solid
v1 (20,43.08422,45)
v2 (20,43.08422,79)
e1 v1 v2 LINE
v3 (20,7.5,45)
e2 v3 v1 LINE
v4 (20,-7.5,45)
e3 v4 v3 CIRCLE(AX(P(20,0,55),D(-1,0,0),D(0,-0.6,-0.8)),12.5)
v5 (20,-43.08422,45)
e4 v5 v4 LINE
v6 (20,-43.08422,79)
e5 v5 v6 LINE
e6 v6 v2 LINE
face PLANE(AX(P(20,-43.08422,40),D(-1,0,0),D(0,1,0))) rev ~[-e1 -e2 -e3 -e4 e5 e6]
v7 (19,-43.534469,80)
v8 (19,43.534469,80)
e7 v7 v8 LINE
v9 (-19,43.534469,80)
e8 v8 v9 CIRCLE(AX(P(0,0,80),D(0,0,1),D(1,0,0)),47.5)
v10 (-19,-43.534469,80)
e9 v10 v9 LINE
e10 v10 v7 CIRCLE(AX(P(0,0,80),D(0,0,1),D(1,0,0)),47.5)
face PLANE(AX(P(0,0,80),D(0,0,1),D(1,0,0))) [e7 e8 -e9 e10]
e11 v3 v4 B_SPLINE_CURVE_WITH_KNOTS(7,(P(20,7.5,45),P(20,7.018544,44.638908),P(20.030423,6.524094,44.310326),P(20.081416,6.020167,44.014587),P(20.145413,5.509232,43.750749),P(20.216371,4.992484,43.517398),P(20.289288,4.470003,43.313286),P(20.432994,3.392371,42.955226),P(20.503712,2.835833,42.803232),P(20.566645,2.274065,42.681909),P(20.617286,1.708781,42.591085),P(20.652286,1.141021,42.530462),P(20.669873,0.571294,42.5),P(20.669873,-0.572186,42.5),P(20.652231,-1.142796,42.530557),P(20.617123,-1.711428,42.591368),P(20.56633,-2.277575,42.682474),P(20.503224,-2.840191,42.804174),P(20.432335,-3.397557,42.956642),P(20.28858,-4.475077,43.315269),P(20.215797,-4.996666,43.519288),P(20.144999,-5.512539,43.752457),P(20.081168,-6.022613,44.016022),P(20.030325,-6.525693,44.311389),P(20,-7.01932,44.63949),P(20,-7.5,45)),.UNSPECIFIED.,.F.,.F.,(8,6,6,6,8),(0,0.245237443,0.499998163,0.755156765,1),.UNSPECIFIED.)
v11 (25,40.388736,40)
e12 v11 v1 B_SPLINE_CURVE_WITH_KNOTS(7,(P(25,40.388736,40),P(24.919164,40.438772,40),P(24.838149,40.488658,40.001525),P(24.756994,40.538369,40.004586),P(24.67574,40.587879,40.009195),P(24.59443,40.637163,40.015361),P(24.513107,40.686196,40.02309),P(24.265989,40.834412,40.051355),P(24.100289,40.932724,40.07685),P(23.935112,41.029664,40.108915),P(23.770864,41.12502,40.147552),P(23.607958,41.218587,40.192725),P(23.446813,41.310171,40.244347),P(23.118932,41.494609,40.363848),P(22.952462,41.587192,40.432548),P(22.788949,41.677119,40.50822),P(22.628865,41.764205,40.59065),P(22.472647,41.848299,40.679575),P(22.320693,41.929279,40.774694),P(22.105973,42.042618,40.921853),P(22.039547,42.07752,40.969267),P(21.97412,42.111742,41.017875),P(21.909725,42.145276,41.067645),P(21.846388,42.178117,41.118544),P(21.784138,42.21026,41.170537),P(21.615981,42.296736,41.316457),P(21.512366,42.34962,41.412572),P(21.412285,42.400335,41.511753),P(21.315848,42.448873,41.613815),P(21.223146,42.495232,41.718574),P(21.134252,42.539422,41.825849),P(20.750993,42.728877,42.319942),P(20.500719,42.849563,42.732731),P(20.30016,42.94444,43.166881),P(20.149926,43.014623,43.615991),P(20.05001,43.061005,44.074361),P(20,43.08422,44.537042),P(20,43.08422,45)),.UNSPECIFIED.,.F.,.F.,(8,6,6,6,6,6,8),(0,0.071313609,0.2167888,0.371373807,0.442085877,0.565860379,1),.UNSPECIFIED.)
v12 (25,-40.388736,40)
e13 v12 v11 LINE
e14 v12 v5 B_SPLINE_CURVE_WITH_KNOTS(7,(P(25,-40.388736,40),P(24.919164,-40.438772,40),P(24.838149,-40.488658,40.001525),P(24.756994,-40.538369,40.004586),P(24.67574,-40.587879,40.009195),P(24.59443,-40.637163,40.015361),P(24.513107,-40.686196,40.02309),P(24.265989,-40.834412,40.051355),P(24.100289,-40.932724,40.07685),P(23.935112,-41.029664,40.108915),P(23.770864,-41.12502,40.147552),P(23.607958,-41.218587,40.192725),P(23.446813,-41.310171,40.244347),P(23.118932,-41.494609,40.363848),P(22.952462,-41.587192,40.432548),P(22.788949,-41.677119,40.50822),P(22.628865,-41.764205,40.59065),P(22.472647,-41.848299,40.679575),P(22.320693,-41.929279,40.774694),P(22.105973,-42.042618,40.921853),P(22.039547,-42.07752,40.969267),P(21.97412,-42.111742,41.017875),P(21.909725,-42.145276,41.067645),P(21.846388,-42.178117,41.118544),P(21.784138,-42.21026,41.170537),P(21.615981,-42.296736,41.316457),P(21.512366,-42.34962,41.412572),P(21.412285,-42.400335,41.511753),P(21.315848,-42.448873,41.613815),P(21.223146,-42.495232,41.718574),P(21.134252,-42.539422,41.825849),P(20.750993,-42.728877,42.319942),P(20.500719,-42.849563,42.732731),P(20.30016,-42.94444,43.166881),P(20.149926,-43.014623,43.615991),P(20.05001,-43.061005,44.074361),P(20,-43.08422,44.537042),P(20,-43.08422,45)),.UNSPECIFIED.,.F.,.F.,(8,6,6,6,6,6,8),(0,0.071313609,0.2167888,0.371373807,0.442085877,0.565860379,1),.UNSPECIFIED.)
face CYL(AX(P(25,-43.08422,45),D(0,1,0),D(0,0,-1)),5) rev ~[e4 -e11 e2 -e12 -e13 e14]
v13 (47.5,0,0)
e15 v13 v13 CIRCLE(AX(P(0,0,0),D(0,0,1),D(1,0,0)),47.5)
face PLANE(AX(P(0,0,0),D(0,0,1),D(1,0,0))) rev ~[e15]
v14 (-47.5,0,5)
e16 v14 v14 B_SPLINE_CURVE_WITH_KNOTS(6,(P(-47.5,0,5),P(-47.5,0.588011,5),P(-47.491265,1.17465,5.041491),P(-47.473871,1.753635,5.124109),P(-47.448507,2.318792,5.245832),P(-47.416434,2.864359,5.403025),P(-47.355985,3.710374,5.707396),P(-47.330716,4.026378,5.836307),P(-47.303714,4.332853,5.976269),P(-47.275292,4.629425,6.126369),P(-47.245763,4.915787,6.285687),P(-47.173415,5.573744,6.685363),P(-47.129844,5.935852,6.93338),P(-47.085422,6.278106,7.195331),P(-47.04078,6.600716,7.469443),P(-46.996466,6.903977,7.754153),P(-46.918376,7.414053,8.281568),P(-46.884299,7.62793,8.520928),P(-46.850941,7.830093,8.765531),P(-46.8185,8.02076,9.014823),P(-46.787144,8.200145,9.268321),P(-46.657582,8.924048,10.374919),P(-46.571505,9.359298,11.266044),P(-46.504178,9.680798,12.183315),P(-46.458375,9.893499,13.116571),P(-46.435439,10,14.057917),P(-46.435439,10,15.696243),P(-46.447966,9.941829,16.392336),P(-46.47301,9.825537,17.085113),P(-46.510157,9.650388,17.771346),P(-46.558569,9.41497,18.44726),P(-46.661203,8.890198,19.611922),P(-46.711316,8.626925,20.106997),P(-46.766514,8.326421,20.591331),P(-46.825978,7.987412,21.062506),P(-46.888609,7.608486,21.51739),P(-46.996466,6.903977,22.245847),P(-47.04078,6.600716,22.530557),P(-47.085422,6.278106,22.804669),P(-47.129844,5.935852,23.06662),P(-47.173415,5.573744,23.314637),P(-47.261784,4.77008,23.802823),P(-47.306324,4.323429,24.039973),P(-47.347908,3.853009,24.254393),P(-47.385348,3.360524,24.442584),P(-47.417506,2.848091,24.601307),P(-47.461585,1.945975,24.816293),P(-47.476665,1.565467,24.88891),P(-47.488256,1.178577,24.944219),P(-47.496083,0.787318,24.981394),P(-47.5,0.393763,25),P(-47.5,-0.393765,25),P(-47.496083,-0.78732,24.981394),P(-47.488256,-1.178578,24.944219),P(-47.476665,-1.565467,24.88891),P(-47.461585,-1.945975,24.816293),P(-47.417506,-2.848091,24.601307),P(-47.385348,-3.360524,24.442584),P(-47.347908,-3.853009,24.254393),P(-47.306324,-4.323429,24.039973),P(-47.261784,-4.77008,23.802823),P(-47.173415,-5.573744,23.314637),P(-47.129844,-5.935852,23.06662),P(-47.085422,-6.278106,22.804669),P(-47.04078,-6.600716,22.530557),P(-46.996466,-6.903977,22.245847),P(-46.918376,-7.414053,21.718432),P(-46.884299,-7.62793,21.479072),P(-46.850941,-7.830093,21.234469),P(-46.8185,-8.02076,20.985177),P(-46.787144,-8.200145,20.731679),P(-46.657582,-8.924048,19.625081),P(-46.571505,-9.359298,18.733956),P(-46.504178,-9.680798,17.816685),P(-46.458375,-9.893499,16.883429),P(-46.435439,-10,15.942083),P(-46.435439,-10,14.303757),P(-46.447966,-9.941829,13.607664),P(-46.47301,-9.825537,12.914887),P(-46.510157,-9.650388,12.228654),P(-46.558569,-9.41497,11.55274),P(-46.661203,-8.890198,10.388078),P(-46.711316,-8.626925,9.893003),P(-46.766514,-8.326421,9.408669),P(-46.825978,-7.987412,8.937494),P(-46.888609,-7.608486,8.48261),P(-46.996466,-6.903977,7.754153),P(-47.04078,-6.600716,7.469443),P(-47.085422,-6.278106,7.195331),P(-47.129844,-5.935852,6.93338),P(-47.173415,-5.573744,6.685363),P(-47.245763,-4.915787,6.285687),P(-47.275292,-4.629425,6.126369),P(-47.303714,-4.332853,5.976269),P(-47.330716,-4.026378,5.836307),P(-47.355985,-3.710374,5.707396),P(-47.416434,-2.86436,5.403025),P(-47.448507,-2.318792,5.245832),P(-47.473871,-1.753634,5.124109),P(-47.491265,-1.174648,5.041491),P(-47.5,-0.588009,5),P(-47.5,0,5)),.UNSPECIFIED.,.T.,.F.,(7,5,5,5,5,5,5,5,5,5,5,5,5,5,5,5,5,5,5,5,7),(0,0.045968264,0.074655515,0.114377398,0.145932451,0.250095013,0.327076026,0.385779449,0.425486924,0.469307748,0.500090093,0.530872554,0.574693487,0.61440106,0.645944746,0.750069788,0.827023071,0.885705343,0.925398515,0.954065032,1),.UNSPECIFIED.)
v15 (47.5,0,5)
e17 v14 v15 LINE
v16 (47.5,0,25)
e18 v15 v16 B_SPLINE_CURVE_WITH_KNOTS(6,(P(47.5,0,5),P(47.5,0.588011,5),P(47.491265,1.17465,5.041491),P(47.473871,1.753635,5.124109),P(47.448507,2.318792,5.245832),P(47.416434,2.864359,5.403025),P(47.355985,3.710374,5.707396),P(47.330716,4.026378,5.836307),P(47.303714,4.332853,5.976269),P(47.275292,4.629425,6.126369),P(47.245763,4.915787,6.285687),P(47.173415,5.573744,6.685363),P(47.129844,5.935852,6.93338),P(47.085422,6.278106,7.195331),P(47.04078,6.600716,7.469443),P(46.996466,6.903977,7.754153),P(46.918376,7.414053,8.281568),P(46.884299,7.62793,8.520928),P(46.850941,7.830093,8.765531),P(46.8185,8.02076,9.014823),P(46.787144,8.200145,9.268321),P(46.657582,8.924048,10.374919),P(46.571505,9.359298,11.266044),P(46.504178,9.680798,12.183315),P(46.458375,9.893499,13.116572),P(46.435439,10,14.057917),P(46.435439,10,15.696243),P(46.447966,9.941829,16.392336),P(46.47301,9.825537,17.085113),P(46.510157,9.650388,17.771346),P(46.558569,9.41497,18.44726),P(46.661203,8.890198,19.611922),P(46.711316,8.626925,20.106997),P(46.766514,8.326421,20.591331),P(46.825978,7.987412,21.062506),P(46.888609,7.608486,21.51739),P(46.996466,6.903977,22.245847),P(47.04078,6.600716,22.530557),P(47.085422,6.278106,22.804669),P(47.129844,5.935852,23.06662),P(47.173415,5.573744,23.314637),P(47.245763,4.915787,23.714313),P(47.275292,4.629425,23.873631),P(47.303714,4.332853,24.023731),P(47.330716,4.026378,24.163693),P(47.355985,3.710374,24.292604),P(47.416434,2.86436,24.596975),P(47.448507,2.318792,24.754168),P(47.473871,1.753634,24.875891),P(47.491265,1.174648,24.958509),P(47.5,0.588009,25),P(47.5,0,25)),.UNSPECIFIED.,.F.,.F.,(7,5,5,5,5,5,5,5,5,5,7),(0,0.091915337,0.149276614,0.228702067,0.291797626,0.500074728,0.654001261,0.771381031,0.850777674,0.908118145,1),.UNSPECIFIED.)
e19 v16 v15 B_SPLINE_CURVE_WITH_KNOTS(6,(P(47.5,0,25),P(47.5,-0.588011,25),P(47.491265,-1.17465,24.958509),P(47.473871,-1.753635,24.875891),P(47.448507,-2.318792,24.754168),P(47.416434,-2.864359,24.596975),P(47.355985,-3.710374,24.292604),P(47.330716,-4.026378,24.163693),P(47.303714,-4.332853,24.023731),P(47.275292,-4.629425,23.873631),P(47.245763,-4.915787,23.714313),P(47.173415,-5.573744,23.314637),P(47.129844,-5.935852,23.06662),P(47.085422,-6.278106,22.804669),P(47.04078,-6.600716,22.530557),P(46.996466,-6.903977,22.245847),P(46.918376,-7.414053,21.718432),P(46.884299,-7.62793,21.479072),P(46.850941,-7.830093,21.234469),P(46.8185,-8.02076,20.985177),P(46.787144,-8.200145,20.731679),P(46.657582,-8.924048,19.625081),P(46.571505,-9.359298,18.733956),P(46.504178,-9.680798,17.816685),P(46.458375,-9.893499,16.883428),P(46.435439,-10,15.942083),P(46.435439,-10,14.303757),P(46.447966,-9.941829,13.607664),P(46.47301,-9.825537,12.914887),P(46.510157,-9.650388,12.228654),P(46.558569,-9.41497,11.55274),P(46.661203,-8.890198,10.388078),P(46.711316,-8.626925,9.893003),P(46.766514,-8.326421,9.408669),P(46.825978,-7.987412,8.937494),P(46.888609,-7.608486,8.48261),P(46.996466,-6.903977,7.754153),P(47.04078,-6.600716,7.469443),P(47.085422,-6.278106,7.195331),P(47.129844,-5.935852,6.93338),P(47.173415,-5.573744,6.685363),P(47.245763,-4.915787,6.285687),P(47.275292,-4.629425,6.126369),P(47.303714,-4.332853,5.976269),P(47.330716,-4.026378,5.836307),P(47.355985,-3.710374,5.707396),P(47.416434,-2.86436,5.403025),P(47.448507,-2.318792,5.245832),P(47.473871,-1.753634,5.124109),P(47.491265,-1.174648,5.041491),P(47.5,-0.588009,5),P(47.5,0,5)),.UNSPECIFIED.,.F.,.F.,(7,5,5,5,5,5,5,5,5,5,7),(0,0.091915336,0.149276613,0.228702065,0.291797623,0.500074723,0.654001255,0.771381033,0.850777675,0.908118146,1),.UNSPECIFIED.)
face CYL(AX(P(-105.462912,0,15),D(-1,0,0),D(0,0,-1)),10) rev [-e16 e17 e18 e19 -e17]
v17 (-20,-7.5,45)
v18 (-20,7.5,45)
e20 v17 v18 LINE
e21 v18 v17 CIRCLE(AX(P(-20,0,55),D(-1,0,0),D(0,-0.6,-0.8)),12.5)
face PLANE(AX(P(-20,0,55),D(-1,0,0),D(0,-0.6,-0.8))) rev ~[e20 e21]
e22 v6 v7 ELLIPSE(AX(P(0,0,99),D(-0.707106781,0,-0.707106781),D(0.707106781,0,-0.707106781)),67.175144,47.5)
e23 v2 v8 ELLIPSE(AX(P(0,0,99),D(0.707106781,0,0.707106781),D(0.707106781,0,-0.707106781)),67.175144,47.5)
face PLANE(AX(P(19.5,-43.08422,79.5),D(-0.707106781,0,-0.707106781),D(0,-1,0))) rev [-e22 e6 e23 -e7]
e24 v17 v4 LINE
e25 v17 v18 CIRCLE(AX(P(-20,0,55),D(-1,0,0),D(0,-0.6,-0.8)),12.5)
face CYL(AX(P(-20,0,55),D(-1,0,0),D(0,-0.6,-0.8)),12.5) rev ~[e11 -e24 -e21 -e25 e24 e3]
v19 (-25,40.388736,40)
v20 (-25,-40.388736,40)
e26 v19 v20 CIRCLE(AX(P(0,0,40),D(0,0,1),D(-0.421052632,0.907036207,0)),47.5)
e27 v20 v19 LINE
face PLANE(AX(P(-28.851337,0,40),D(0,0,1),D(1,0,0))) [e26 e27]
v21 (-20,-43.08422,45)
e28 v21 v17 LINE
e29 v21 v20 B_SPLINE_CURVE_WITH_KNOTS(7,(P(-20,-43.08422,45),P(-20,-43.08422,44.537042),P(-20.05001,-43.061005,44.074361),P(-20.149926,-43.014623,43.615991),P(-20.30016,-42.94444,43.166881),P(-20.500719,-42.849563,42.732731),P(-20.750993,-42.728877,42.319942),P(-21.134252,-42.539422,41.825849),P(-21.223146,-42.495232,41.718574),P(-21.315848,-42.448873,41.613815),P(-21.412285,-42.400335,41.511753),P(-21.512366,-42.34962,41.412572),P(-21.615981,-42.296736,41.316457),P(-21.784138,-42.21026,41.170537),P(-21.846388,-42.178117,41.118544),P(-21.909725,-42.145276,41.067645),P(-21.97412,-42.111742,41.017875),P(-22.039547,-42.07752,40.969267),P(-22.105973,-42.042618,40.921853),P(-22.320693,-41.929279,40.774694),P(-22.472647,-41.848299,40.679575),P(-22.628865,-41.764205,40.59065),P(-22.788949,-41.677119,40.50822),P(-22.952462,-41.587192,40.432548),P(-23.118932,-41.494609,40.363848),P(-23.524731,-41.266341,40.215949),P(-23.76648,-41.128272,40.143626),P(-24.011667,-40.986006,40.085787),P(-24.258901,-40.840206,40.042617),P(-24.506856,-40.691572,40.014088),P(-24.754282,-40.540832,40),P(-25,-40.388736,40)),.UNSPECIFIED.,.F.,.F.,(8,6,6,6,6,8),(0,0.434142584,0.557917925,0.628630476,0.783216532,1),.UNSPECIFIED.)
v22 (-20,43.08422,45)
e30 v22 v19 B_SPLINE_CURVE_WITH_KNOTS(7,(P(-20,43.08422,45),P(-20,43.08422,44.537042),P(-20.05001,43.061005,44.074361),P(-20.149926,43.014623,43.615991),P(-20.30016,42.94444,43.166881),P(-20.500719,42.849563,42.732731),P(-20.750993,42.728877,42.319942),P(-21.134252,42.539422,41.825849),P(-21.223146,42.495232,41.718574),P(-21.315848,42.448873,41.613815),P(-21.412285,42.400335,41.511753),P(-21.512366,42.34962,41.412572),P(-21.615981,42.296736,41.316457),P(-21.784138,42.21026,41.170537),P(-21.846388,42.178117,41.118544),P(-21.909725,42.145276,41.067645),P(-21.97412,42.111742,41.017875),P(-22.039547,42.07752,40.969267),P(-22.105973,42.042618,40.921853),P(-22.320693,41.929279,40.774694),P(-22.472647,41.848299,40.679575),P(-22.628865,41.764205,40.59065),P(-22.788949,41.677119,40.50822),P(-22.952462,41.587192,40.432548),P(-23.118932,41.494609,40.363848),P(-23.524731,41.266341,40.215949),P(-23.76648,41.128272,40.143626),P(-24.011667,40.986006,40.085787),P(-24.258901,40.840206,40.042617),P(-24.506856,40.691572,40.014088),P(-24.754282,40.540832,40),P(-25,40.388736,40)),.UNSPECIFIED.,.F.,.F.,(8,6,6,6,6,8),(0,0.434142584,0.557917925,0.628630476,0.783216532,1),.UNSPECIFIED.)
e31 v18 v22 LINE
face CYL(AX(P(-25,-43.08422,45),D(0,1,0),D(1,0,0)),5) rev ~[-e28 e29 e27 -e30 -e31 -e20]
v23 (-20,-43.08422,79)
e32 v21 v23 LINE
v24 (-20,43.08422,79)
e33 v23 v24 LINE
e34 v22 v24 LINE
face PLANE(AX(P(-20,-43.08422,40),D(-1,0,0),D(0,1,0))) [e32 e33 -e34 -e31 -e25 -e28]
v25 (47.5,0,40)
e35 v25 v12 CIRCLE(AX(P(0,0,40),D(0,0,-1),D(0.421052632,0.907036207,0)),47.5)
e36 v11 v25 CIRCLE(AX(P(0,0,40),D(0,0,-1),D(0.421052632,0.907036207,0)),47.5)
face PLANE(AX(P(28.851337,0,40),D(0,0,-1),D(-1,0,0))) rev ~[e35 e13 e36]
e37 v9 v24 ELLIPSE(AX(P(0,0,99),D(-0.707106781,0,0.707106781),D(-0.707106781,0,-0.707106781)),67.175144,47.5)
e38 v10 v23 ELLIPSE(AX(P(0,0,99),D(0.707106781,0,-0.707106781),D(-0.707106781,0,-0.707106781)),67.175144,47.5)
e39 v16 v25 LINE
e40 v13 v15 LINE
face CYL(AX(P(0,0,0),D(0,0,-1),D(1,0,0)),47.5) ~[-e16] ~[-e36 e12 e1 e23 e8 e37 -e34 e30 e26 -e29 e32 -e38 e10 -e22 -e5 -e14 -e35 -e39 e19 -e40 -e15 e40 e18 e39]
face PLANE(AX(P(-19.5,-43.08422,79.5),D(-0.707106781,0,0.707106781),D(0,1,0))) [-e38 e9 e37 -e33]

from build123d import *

# Parameters (mm, degrees)
SKETCH_1_R               = 47.5
EXTRUDE_1_DEPTH          = 80
CUT_EXTRUDE_START        = -40
CUT_EXTRUDE_1_DEPTH      = 40
FILLET_1_R               = 5
SKETCH_3_R               = 12.5
CUT_EXTRUDE_2_DEPTH      = 115.945639495
CHAMFER_1_SIZE           = 1
CUT_EXTRUDE_3_DEPTH      = 105.462912246
CUT_EXTRUDE_3_DEPTH_BACK = 105.462912246
SKETCH_4_R               = 10


with BuildPart() as part:
    # Эскиз1 → Бобышка-Вытянуть1 (new body)
    with BuildSketch(Plane.XY):
        Circle(SKETCH_1_R)
    extrude(amount=EXTRUDE_1_DEPTH)

    # Эскиз2 → Вырез-Вытянуть1 (cut)
    with BuildSketch(Plane.XY.offset(80).offset(CUT_EXTRUDE_START)):
        with BuildLine():
            Line((20, -43.084219849), (20, 43.084219849))
            ThreePointArc((20, 43.084219849), (47.5, 0), (20, -43.084219849))
        make_face()
        with BuildLine():
            Line((-20, -43.084219849), (-20, 43.084219849))
            ThreePointArc((-20, 43.084219849), (-47.5, 0), (-20, -43.084219849))
        make_face()
    extrude(amount=CUT_EXTRUDE_1_DEPTH, mode=Mode.SUBTRACT)

    # Скругление1
    fillet_1_edges = [part.edges().sort_by_distance(p)[0] for p in [
        (-20, 0, 40),
        (20, 0, 40),
    ]]
    fillet(fillet_1_edges, radius=FILLET_1_R)

    # Эскиз3 → Вырез-Вытянуть2 (cut, through all)
    with BuildSketch(Plane.ZY.offset(20)):
        with Locations(Location((55, 0, 0), (0, 0, 216.869897646))):
            Circle(SKETCH_3_R)
    extrude(amount=-CUT_EXTRUDE_2_DEPTH, mode=Mode.SUBTRACT)

    # Фаска1
    chamfer_1_edges = [part.edges().sort_by_distance(p)[0] for p in [
        (-20, 0, 80),
        (20, 0, 80),
    ]]
    chamfer(chamfer_1_edges, length=CHAMFER_1_SIZE)

    # Эскиз4 → Вырез-Вытянуть3 (cut, two sides: drawn at the far end of the back side and taken through both)
    with BuildSketch(Plane(origin=(0, 0, 0), x_dir=(0, 0, -1), z_dir=(1, 0, 0)).offset(-CUT_EXTRUDE_3_DEPTH_BACK)):
        with Locations((-15, 0)):
            Circle(SKETCH_4_R)
    extrude(amount=CUT_EXTRUDE_3_DEPTH + CUT_EXTRUDE_3_DEPTH_BACK, mode=Mode.SUBTRACT)


solid = part.part
